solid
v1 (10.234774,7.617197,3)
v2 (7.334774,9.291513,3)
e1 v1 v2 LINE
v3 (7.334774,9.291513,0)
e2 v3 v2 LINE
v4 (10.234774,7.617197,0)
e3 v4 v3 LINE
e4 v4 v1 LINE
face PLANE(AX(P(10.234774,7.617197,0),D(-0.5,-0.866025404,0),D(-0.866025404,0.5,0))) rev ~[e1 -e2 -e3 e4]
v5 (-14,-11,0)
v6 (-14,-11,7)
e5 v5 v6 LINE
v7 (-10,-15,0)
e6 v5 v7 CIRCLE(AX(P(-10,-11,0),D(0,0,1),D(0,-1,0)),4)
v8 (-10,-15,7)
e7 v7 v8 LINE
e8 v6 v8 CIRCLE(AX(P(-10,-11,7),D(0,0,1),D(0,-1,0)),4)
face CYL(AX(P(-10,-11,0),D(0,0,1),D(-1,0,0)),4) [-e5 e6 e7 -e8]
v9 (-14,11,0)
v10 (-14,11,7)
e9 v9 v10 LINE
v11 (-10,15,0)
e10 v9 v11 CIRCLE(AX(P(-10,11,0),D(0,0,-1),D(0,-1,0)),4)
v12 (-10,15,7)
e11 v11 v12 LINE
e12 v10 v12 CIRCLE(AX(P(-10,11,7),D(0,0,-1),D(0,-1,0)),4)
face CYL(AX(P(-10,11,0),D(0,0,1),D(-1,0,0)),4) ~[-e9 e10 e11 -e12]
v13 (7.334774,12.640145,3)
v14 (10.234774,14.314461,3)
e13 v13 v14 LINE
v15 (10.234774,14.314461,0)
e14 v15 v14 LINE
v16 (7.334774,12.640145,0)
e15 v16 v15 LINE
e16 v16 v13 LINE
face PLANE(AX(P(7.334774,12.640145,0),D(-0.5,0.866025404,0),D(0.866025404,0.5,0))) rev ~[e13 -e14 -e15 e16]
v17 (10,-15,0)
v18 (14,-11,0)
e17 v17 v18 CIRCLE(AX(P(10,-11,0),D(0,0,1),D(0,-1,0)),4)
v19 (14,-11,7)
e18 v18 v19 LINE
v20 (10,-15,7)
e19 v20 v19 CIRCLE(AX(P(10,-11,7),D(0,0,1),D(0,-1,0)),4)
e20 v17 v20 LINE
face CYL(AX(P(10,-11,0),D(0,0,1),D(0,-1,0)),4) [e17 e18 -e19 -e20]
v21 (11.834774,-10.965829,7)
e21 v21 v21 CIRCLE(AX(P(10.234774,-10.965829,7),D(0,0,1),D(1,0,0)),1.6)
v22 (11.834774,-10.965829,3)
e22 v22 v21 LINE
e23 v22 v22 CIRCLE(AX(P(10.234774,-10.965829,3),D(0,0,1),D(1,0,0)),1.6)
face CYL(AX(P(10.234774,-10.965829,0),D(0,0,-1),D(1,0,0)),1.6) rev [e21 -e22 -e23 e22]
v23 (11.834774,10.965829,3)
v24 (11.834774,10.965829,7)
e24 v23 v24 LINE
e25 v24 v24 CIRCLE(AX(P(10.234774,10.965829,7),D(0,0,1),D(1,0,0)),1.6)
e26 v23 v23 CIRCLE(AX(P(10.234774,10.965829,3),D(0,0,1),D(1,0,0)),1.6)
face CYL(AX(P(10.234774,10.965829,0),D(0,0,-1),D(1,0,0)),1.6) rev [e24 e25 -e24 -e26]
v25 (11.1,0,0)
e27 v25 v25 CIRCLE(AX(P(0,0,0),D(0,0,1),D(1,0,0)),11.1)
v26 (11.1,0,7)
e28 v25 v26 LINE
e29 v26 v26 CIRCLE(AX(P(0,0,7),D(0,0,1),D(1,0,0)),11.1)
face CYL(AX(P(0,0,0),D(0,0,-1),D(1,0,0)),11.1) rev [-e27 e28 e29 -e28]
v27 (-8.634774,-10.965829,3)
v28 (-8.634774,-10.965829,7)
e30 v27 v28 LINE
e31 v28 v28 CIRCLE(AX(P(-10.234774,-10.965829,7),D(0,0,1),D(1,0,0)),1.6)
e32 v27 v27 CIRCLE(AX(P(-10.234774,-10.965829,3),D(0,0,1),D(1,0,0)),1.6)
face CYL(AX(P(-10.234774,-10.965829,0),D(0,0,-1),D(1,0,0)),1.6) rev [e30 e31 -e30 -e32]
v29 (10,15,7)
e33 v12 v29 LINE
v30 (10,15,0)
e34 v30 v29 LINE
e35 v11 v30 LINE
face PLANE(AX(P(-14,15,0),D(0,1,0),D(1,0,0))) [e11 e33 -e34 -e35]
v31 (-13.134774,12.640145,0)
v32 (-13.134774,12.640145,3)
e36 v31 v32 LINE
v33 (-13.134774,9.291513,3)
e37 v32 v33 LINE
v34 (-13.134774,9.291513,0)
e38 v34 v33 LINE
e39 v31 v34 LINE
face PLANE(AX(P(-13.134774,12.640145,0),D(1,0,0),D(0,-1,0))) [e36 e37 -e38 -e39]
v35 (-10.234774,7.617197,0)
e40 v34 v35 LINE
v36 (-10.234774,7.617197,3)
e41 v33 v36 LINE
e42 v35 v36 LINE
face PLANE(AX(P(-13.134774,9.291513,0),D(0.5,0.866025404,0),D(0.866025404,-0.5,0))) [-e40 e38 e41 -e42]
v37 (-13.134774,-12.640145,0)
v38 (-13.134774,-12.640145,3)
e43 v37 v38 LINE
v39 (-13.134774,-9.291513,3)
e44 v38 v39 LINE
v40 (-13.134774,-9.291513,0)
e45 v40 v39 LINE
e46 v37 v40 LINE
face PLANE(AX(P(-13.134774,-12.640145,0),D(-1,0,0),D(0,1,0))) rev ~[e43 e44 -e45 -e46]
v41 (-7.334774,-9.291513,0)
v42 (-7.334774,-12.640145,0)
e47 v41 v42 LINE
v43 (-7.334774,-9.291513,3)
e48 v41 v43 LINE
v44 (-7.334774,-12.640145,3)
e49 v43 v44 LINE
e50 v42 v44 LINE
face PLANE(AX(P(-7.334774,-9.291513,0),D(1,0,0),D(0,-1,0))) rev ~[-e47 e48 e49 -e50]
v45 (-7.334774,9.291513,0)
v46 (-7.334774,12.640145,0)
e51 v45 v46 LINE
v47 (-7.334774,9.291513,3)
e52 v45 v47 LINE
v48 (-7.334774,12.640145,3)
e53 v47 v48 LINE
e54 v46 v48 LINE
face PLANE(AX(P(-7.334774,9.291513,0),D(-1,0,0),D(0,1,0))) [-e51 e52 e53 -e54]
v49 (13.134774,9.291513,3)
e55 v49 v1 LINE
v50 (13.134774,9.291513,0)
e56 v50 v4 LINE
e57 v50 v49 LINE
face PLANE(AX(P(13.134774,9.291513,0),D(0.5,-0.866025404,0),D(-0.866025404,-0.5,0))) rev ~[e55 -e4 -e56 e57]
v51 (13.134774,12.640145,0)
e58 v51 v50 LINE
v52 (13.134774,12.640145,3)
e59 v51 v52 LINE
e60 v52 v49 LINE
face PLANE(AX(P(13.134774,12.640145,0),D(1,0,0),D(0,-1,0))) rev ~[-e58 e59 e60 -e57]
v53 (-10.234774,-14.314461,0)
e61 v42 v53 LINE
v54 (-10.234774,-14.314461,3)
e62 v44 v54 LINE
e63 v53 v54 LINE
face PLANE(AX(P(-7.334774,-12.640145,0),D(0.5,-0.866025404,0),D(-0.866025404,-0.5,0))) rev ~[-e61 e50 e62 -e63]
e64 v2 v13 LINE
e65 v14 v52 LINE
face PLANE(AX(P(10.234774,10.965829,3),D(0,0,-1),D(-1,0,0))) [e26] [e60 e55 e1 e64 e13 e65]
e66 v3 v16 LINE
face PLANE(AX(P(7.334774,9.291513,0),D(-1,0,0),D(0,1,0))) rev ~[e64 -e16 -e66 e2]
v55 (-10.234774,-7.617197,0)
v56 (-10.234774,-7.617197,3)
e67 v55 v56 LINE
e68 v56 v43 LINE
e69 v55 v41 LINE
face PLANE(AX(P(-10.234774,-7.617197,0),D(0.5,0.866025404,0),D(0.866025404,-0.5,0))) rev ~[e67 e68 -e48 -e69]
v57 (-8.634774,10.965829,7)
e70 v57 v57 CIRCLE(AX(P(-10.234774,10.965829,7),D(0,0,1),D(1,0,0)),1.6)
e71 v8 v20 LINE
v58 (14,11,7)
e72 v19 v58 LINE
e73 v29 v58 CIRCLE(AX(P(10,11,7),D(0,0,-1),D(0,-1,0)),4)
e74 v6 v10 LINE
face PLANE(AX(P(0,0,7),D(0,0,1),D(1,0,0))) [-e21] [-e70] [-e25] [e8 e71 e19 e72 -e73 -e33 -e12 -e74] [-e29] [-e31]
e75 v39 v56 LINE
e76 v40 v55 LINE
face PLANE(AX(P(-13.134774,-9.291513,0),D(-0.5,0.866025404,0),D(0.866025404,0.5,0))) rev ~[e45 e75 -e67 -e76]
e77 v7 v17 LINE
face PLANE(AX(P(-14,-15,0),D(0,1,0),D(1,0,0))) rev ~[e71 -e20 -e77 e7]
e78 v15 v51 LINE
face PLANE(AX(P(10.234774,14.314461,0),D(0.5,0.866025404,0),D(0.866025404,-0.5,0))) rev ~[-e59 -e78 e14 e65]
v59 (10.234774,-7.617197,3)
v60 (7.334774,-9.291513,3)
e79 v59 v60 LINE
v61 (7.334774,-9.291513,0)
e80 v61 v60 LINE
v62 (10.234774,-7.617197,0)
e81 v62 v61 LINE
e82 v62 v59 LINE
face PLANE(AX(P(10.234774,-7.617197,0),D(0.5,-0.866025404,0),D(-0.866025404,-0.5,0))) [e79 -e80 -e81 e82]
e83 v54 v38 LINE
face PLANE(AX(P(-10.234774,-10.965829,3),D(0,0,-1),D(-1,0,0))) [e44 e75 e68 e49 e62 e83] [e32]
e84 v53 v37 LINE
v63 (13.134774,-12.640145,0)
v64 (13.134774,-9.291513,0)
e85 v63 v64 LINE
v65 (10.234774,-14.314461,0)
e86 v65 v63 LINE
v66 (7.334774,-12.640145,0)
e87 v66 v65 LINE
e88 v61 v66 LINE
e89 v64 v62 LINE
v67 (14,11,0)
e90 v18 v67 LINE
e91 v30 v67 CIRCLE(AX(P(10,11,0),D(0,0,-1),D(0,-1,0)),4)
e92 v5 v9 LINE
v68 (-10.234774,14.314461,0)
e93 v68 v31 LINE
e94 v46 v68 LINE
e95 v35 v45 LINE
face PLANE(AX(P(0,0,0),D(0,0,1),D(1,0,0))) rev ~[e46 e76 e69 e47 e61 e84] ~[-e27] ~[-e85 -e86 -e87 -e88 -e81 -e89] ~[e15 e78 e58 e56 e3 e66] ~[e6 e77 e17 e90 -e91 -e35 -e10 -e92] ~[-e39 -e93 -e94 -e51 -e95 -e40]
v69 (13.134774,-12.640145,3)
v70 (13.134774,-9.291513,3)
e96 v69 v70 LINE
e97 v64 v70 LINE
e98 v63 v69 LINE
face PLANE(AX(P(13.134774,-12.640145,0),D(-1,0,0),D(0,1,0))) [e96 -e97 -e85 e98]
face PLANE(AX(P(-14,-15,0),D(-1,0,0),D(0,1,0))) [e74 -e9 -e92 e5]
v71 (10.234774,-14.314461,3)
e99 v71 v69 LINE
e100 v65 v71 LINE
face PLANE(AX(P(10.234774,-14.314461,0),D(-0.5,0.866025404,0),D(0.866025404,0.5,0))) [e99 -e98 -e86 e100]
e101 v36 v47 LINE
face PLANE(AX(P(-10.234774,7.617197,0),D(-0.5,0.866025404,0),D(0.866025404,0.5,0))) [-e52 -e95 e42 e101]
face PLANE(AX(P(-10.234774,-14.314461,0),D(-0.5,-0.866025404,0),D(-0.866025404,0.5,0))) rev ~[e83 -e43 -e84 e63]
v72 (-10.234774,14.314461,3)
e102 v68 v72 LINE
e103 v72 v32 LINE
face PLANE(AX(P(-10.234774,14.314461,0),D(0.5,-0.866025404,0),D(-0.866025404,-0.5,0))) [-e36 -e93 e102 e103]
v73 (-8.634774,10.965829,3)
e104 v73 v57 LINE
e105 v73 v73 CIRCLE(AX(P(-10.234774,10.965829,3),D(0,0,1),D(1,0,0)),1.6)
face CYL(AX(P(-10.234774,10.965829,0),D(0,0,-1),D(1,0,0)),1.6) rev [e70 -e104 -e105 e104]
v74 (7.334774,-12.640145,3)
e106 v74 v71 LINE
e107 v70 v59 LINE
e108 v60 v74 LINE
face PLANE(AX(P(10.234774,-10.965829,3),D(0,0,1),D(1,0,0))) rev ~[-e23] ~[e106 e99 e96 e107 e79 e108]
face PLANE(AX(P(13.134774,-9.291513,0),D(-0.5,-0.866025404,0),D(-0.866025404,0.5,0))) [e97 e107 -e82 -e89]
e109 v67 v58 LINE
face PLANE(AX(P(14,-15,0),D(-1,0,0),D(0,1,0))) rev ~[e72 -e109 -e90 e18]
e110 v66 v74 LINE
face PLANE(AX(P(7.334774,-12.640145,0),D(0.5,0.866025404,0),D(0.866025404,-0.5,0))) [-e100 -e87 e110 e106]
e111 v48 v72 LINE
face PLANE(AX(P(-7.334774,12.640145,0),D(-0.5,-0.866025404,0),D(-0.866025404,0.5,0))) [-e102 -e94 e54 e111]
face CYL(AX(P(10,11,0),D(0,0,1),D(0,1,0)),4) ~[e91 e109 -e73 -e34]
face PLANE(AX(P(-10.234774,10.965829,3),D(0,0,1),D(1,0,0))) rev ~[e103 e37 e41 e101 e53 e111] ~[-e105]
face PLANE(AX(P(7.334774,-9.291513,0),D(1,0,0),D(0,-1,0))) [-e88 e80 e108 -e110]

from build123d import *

# Parameters (mm, degrees)
SKETCH1_W           = 28
SKETCH1_H           = 30
SKETCH1_R           = 11.1
SKETCH1_R_2         = 1.6
BOSS_EXTRUDE1_DEPTH = 7
SKETCH1_4_R         = 1.6
CUT_EXTRUDE3_DEPTH  = 3
FILLET5_R           = 4


with BuildPart() as part:
    # Sketch1 → Boss-Extrude1 (new body)
    with BuildSketch(Plane.XY):
        Rectangle(SKETCH1_W, SKETCH1_H)
        Circle(SKETCH1_R, mode=Mode.SUBTRACT)
        with Locations((-10.234773755, -10.965829024)):
            Circle(SKETCH1_R_2, mode=Mode.SUBTRACT)
        with Locations((10.234773755, -10.965829024)):
            Circle(SKETCH1_R_2, mode=Mode.SUBTRACT)
        with Locations((-10.234773755, 10.965829024)):
            Circle(SKETCH1_R_2, mode=Mode.SUBTRACT)
        with Locations((10.234773755, 10.965829024)):
            Circle(SKETCH1_R_2, mode=Mode.SUBTRACT)
    extrude(amount=BOSS_EXTRUDE1_DEPTH)

    # Sketch1<4> → Cut-Extrude3 (cut)
    # profile 1 of 4: a face of its own
    with BuildSketch(Plane.XY):
        Polygon((-13.134773755, 9.291513243), (-10.234773755, 7.617197462), (-7.334773755, 9.291513243), (-7.334773755, 12.640144804), (-10.234773755, 14.314460585), (-13.134773755, 12.640144804), align=None)
        with Locations((-10.234773755, 10.965829024)):
            Circle(SKETCH1_4_R, mode=Mode.SUBTRACT)
    # profile 2 of 4: a face of its own
    with BuildSketch(Plane.XY):
        Polygon((10.234773755, 7.617197462), (13.134773755, 9.291513243), (13.134773755, 12.640144804), (10.234773755, 14.314460585), (7.334773755, 12.640144804), (7.334773755, 9.291513243), align=None)
        with Locations((10.234773755, 10.965829024)):
            Circle(SKETCH1_4_R, mode=Mode.SUBTRACT)
    # profile 3 of 4: a face of its own
    with BuildSketch(Plane.XY):
        Polygon((-7.334773755, -9.291513243), (-10.234773755, -7.617197462), (-13.134773755, -9.291513243), (-13.134773755, -12.640144804), (-10.234773755, -14.314460585), (-7.334773755, -12.640144804), align=None)
        with Locations((-10.234773755, -10.965829024)):
            Circle(SKETCH1_4_R, mode=Mode.SUBTRACT)
    # profile 4 of 4: a face of its own
    with BuildSketch(Plane.XY):
        Polygon((13.134773755, -12.640144804), (13.134773755, -9.291513243), (10.234773755, -7.617197462), (7.334773755, -9.291513243), (7.334773755, -12.640144804), (10.234773755, -14.314460585), align=None)
        with Locations((10.234773755, -10.965829024)):
            Circle(SKETCH1_4_R, mode=Mode.SUBTRACT)
    extrude(amount=CUT_EXTRUDE3_DEPTH, mode=Mode.SUBTRACT)

    # Fillet5
    fillet5_edges = [part.edges().sort_by_distance(p)[0] for p in [
        (-14, 15, 3.5),
        (-14, -15, 3.5),
        (14, 15, 3.5),
        (14, -15, 3.5),
    ]]
    fillet(fillet5_edges, radius=FILLET5_R)


solid = part.part
